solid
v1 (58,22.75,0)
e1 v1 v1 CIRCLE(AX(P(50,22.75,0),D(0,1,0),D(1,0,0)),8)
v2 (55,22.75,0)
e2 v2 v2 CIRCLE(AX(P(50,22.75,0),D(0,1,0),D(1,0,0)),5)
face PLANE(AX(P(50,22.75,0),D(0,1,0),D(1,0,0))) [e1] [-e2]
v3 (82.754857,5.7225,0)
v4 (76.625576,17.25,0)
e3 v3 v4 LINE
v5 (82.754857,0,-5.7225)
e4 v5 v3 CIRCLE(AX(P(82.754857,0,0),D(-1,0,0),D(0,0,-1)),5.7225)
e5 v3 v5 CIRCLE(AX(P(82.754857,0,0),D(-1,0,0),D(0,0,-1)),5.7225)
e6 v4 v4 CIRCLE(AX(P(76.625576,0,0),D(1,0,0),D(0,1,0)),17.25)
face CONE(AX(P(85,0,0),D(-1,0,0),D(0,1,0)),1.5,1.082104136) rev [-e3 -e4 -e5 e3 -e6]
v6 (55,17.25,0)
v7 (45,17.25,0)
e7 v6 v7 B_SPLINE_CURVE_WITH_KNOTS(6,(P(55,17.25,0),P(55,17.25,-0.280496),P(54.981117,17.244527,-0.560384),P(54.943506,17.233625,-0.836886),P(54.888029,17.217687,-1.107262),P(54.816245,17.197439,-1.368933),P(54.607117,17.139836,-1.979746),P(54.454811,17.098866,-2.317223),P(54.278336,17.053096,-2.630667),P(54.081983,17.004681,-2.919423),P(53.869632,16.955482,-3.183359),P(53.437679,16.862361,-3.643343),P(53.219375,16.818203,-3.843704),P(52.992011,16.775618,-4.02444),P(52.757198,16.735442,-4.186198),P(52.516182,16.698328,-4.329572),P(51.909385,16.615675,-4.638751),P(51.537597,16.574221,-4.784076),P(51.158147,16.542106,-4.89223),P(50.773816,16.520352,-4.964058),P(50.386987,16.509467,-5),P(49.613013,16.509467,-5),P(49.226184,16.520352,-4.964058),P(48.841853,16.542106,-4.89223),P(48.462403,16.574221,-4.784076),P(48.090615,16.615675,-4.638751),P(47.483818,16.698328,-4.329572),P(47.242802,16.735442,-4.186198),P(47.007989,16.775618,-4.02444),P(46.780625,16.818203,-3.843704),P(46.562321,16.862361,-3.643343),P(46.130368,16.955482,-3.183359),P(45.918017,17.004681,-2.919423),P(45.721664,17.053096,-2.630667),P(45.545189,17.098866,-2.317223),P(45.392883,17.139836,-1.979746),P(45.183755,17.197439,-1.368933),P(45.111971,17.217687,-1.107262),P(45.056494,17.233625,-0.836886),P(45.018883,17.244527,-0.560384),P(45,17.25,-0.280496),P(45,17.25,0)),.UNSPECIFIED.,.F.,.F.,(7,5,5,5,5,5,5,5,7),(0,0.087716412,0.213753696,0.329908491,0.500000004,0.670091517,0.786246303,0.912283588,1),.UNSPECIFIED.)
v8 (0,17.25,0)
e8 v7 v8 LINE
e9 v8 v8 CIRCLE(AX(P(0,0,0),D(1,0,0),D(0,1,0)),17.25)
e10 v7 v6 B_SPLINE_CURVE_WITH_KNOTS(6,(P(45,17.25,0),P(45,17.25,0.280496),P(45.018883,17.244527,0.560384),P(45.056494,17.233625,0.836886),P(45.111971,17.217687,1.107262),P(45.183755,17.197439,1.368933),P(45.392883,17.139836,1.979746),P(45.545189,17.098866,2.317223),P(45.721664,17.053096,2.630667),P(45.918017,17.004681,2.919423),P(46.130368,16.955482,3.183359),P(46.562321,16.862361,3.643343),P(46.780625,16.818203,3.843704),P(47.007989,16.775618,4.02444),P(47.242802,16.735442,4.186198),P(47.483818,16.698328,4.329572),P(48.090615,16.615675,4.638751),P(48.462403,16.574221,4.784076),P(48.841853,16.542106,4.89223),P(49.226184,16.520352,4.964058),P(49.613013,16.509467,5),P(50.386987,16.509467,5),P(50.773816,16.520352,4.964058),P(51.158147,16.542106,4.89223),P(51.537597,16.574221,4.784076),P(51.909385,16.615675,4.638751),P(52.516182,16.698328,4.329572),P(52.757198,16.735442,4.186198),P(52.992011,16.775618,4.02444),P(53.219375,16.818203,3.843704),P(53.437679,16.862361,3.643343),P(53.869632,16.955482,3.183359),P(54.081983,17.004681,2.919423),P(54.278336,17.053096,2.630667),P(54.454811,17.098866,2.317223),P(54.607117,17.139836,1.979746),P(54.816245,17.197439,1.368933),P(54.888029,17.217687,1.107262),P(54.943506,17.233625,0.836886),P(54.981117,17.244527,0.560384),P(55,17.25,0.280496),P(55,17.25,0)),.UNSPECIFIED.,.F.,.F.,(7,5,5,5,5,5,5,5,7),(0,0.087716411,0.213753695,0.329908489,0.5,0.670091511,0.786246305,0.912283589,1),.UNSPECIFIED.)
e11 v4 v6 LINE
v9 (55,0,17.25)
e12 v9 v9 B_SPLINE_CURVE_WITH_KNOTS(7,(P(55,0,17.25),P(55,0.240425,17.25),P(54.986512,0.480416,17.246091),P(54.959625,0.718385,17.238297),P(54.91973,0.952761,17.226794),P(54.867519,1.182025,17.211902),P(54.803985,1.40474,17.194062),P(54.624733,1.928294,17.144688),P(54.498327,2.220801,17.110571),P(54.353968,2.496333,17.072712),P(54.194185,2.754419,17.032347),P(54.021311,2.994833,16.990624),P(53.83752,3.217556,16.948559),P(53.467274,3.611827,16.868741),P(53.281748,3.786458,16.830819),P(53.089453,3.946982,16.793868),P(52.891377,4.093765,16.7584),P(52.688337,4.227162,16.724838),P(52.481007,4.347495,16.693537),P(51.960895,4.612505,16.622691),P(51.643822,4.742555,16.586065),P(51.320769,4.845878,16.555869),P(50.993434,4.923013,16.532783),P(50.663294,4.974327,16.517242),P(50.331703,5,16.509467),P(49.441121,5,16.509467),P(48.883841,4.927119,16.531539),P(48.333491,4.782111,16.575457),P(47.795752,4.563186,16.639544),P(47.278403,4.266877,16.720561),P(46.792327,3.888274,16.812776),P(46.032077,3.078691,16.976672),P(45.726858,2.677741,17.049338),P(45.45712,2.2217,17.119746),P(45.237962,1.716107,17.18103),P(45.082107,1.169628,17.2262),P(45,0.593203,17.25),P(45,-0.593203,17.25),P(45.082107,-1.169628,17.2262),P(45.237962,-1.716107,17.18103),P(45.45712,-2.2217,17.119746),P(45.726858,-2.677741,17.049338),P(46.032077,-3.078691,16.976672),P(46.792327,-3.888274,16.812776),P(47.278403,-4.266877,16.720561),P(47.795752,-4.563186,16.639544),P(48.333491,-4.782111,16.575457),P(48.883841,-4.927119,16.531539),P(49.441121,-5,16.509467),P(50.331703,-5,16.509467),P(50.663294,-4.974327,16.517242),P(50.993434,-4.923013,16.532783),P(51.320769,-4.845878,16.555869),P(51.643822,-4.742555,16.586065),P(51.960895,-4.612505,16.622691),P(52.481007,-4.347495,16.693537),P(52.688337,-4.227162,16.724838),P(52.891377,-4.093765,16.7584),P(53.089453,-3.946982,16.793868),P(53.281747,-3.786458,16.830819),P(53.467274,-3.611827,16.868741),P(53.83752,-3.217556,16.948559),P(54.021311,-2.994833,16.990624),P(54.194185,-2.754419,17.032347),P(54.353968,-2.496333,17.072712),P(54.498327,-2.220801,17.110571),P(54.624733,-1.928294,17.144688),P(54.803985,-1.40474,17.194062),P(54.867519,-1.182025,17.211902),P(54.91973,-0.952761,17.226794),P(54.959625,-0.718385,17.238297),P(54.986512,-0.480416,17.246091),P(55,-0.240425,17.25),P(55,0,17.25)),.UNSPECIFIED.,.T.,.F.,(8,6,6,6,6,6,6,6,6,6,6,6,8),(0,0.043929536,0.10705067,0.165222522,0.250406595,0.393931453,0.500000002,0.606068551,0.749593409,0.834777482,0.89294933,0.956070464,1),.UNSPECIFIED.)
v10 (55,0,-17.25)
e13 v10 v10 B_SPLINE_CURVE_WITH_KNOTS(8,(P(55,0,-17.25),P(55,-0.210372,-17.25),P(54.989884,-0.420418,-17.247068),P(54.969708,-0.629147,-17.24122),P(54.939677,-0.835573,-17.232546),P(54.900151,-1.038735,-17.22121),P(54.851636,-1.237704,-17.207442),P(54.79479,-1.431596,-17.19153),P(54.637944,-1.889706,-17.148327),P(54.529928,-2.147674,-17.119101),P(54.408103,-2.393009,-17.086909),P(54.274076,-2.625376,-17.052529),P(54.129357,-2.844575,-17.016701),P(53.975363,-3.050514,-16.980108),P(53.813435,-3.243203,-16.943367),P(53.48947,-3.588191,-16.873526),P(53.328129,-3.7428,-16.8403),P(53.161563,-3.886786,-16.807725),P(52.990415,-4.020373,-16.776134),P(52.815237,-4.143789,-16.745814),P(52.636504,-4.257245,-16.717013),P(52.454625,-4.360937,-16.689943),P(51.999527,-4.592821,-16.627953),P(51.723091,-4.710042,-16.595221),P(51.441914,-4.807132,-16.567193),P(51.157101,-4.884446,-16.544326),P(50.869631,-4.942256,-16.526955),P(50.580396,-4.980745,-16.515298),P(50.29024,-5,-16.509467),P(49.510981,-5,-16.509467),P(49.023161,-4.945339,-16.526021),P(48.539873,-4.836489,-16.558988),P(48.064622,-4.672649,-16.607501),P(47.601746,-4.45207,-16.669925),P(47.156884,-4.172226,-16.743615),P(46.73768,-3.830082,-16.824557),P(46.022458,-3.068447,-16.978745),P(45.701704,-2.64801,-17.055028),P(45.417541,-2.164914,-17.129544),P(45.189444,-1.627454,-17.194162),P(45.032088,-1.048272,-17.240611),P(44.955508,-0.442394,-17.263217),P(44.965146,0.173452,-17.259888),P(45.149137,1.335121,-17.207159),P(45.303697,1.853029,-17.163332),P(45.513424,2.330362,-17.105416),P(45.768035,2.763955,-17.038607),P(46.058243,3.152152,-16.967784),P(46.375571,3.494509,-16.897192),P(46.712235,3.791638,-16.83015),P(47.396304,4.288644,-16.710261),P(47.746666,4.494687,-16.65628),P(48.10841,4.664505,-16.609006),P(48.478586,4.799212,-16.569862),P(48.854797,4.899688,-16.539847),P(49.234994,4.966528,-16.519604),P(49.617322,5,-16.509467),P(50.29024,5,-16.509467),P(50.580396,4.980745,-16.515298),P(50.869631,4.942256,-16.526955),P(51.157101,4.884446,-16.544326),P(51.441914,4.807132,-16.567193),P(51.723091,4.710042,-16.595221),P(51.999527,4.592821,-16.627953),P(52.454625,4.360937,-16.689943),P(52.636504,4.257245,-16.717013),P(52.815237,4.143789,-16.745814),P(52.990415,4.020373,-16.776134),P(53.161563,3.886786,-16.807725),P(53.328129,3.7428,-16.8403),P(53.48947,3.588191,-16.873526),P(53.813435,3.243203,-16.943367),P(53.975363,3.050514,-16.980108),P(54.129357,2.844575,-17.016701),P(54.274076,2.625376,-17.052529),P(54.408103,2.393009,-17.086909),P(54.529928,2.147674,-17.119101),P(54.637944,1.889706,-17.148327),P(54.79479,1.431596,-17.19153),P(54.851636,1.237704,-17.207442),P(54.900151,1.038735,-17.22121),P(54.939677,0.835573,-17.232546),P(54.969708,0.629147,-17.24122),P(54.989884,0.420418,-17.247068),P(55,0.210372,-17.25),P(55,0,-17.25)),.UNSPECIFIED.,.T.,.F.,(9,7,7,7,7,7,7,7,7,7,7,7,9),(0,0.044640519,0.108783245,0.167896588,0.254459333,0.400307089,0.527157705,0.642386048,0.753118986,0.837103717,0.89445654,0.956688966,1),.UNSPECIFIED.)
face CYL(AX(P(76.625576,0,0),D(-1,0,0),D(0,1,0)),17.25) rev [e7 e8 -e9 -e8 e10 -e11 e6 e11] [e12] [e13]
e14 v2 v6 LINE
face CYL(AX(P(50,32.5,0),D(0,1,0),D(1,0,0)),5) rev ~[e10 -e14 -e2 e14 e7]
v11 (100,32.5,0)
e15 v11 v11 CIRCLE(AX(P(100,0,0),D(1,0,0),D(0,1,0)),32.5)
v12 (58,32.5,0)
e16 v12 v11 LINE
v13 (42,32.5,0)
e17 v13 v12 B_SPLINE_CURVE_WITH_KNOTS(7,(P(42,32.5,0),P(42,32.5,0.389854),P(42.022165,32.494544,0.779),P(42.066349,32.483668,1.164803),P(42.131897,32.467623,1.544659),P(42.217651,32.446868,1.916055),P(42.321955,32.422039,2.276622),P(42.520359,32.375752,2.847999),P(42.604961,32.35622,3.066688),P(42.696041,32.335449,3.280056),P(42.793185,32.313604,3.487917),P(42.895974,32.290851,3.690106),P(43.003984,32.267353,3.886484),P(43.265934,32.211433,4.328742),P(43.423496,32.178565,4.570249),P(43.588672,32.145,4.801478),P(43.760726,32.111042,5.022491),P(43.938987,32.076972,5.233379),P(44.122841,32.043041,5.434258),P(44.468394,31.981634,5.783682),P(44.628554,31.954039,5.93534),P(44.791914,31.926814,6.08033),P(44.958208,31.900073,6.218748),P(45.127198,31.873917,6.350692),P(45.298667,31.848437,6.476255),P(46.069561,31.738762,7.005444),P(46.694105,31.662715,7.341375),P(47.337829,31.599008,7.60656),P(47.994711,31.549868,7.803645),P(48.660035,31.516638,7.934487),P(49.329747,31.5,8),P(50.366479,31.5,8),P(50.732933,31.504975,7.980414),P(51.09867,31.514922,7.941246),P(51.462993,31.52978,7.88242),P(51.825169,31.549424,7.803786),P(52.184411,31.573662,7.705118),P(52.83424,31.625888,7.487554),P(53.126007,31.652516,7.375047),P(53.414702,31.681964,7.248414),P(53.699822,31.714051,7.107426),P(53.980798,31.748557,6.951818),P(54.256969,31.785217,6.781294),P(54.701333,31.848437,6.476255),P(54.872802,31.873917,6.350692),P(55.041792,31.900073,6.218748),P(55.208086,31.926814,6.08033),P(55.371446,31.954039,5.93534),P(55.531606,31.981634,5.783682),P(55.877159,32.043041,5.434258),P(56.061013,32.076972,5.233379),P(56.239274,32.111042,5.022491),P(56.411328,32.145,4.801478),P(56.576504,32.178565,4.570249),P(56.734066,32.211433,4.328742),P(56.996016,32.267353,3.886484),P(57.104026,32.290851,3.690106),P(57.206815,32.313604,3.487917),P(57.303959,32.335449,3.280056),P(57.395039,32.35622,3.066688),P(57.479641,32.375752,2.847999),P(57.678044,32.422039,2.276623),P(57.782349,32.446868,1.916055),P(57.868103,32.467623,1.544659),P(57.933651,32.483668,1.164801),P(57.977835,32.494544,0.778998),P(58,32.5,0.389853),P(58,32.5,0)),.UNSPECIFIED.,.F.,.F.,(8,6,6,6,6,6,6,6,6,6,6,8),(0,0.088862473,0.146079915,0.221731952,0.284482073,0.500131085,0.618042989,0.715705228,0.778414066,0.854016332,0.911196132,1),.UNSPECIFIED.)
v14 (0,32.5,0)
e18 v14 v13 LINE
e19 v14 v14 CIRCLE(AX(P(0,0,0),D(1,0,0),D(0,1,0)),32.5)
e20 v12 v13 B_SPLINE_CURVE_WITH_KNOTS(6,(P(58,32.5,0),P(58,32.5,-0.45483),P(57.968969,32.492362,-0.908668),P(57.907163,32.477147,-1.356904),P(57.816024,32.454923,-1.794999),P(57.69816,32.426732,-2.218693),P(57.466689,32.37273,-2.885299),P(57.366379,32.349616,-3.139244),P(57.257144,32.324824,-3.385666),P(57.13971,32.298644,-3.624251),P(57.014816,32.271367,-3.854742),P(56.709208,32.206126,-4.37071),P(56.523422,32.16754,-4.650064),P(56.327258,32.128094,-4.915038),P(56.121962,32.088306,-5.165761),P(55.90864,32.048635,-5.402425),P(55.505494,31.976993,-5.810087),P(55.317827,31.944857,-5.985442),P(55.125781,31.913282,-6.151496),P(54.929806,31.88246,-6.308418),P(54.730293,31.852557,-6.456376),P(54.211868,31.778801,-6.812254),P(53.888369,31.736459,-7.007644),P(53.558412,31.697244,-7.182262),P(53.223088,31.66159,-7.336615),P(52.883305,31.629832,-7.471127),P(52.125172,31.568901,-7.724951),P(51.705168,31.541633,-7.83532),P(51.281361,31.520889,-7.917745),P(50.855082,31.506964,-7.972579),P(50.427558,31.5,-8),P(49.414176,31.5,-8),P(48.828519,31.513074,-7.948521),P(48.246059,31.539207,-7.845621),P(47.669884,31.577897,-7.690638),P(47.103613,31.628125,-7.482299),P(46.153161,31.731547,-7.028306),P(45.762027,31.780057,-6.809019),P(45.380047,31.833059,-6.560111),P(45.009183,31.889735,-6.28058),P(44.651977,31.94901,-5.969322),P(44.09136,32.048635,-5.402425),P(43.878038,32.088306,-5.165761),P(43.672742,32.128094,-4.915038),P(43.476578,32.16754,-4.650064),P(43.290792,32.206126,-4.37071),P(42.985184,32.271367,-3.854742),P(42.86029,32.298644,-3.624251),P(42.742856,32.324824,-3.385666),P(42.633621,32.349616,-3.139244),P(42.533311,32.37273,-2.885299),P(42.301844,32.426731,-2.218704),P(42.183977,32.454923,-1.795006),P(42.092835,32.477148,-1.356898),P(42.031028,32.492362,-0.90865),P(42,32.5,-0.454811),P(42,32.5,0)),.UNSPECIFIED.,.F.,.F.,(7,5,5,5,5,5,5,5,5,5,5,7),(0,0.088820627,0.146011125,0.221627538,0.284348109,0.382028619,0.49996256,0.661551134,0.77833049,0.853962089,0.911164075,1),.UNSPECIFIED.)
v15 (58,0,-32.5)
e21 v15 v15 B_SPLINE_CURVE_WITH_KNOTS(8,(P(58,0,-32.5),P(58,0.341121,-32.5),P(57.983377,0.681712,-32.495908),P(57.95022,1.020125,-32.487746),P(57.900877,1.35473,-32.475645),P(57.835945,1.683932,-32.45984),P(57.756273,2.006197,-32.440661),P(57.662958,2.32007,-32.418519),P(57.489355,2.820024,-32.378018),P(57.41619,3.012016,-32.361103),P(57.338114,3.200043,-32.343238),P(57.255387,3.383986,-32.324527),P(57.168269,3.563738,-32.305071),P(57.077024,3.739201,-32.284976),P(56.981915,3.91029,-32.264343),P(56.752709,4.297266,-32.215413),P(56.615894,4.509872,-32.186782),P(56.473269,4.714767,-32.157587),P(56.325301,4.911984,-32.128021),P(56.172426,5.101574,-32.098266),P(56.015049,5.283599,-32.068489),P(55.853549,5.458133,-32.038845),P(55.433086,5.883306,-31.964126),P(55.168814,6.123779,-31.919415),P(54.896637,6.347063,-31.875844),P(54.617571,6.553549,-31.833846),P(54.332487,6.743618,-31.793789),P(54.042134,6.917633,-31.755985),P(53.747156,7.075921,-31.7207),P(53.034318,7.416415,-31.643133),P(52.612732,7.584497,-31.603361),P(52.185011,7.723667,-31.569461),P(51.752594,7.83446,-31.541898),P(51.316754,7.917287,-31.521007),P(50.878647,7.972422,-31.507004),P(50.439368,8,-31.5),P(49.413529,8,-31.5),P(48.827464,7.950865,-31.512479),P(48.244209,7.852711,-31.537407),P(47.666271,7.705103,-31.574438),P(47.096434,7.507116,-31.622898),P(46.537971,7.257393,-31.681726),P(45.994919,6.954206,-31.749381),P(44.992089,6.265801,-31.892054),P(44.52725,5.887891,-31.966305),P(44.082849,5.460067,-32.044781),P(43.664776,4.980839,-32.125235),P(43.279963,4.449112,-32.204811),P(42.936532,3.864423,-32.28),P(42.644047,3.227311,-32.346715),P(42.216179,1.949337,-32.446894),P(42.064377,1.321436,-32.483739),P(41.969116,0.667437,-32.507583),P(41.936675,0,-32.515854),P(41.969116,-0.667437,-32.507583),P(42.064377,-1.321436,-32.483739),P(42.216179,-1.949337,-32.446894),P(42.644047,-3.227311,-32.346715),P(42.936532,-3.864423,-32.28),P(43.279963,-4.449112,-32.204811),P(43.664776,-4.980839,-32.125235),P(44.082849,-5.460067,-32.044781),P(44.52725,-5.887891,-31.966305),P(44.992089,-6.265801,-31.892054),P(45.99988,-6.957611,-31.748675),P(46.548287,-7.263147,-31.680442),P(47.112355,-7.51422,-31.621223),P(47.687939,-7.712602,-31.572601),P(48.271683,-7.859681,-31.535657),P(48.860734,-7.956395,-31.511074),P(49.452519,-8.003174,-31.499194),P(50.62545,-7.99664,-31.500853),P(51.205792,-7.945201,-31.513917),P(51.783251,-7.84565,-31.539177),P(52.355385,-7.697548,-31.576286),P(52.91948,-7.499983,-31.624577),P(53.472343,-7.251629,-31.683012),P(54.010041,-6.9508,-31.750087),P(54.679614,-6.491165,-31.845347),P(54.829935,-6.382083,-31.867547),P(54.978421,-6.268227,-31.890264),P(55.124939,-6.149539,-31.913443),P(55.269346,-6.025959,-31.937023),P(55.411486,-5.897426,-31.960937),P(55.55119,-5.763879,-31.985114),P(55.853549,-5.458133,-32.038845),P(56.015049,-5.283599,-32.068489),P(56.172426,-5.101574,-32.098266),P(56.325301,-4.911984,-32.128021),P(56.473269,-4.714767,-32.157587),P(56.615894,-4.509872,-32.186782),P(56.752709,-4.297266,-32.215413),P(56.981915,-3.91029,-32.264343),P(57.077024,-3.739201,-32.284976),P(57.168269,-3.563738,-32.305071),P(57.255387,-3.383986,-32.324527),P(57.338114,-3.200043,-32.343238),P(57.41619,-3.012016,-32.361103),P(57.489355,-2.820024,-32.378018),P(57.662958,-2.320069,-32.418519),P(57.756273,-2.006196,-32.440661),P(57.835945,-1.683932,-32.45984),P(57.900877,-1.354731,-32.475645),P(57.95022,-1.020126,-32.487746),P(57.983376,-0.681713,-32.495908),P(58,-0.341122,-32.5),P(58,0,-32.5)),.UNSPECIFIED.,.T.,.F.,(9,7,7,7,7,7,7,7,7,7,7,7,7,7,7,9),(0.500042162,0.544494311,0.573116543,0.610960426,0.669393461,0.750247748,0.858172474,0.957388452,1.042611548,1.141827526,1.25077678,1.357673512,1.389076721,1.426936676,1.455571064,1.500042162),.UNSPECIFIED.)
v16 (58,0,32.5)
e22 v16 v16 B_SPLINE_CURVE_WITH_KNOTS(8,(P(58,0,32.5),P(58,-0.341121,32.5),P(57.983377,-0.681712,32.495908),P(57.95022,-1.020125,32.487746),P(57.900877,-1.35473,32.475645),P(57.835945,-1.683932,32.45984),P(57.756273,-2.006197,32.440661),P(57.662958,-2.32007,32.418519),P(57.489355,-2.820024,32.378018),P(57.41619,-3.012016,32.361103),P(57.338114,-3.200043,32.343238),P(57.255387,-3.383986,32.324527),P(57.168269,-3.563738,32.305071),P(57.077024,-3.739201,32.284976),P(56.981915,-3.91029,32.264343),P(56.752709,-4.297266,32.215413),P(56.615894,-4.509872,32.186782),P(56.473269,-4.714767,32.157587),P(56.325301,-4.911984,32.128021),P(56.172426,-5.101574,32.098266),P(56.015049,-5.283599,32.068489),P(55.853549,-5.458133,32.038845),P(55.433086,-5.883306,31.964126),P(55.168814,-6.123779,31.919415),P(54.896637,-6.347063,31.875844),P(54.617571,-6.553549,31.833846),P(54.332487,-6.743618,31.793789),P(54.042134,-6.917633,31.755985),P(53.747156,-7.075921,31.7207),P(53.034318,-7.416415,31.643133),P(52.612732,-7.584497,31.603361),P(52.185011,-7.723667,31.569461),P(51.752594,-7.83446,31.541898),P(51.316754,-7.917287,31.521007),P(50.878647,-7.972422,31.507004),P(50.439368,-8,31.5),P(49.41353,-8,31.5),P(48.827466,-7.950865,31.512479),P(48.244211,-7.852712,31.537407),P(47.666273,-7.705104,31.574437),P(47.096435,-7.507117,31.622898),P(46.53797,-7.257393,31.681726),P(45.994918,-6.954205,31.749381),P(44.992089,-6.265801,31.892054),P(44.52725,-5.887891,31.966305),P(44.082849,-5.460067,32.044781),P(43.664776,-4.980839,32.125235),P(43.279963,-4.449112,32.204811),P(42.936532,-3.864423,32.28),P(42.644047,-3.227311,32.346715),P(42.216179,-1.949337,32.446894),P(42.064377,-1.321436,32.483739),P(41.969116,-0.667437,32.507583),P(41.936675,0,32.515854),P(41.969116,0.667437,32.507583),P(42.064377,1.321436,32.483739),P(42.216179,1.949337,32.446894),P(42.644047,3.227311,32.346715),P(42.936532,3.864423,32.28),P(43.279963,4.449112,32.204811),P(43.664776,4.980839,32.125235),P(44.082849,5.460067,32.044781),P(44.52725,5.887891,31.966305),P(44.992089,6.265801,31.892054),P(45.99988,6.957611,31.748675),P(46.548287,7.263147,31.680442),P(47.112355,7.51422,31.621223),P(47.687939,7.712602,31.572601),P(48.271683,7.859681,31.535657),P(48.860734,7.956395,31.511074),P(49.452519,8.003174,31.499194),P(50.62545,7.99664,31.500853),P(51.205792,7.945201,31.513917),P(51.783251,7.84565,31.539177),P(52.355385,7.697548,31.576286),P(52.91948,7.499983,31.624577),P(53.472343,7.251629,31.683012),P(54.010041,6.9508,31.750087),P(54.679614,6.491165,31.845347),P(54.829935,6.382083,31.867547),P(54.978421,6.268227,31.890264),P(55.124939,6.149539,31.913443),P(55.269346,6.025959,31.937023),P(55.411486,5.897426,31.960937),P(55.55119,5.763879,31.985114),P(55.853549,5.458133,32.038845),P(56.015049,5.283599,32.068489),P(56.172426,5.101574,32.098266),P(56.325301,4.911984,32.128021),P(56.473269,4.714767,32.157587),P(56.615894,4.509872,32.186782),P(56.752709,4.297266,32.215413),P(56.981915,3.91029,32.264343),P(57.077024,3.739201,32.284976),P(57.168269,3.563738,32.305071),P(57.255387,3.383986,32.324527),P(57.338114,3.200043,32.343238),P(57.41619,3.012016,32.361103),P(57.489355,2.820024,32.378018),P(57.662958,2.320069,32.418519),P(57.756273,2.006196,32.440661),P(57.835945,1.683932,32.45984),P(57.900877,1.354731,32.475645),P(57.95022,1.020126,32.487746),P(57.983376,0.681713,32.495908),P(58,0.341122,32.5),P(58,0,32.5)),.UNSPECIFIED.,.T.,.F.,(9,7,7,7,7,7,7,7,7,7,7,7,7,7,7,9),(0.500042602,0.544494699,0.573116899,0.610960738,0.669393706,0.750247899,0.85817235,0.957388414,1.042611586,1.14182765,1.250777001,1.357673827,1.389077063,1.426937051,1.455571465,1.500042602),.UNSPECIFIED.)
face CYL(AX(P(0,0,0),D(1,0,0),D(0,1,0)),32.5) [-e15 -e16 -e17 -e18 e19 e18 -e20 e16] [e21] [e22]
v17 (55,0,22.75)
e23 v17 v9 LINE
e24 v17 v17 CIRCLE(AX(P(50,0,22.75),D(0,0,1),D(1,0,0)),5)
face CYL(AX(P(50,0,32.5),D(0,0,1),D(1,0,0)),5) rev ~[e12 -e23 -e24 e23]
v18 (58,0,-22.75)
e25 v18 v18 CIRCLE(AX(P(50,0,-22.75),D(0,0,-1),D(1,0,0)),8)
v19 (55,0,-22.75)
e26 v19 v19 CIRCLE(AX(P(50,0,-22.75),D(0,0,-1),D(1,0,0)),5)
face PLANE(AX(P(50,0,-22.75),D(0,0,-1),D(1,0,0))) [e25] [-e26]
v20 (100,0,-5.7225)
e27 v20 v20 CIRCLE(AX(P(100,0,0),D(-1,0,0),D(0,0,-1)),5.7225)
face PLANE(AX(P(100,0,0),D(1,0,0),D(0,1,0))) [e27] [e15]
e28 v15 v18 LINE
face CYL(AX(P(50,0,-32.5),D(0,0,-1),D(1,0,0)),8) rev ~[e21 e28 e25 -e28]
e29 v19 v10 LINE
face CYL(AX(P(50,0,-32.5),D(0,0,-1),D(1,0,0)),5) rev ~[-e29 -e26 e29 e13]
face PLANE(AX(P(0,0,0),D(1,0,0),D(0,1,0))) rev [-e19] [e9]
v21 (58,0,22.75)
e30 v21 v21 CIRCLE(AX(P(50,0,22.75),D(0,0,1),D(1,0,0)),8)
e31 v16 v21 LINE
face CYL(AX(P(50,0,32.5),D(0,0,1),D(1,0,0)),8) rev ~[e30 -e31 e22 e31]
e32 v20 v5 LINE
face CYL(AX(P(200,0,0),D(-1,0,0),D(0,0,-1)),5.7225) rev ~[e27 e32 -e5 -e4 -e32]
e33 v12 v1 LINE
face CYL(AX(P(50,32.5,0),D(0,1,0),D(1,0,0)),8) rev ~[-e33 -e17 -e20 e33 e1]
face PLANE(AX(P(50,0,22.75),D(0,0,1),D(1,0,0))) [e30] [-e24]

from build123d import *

# Parameters (mm, degrees)
G1_4_GEWINDEBOHRUNG1_D          = 11.445
G1_4_GEWINDEBOHRUNG1_DEPTH      = 100
SKIZZE6_R                       = 8
SCHNITT_LINEAR_AUSTRAGEN1_DEPTH = 9.75
SKIZZE7_R                       = 5
SCHNITT_LINEAR_AUSTRAGEN2_DEPTH = 30
KREISMUSTER1_COUNT              = 3
KREISMUSTER1_ANGLE              = 180


with BuildPart() as part:
    # Skizze1 → Rotation1 (revolve)
    with BuildSketch(Plane.XY):
        Polygon((0, 17.25), (0, 32.5), (100, 32.5), (100, 1.5), (85, 1.5), (76.625576451, 17.25), align=None)
    revolve(axis=Axis((0, 0, 0), (1, 0, 0)))

    # G1/4 Gewindebohrung1
    with Locations(Plane(origin=(100, 0, 0), x_dir=(0, 0, 1), z_dir=(1, 0, 0))):
        with Locations((0, 0)):
            Hole(G1_4_GEWINDEBOHRUNG1_D / 2, depth=G1_4_GEWINDEBOHRUNG1_DEPTH)

    # Skizze6 → Schnitt-Linear austragen1 (cut)
    with BuildSketch(Plane.XY.offset(32.5)):
        with Locations((50, 0)):
            Circle(SKIZZE6_R)
    schnitt_linear_austragen1 = extrude(amount=-SCHNITT_LINEAR_AUSTRAGEN1_DEPTH, mode=Mode.SUBTRACT)

    # Skizze7 → Schnitt-Linear austragen2 (cut)
    with BuildSketch(Plane.XY.offset(32.5)):
        with Locations((50, 0)):
            Circle(SKIZZE7_R)
    schnitt_linear_austragen2 = extrude(amount=-SCHNITT_LINEAR_AUSTRAGEN2_DEPTH, mode=Mode.SUBTRACT)

    # Kreismuster1: Schnitt-Linear austragen1, Schnitt-Linear austragen2 ×3 about axis
    kreismuster1_axis = Axis((0, 0, 0), (-1, 0, 0))
    for i in range(1, KREISMUSTER1_COUNT):
        add(schnitt_linear_austragen1.rotate(kreismuster1_axis, i * KREISMUSTER1_ANGLE / (KREISMUSTER1_COUNT - 1)), mode=Mode.SUBTRACT)
        add(schnitt_linear_austragen2.rotate(kreismuster1_axis, i * KREISMUSTER1_ANGLE / (KREISMUSTER1_COUNT - 1)), mode=Mode.SUBTRACT)


solid = part.part
